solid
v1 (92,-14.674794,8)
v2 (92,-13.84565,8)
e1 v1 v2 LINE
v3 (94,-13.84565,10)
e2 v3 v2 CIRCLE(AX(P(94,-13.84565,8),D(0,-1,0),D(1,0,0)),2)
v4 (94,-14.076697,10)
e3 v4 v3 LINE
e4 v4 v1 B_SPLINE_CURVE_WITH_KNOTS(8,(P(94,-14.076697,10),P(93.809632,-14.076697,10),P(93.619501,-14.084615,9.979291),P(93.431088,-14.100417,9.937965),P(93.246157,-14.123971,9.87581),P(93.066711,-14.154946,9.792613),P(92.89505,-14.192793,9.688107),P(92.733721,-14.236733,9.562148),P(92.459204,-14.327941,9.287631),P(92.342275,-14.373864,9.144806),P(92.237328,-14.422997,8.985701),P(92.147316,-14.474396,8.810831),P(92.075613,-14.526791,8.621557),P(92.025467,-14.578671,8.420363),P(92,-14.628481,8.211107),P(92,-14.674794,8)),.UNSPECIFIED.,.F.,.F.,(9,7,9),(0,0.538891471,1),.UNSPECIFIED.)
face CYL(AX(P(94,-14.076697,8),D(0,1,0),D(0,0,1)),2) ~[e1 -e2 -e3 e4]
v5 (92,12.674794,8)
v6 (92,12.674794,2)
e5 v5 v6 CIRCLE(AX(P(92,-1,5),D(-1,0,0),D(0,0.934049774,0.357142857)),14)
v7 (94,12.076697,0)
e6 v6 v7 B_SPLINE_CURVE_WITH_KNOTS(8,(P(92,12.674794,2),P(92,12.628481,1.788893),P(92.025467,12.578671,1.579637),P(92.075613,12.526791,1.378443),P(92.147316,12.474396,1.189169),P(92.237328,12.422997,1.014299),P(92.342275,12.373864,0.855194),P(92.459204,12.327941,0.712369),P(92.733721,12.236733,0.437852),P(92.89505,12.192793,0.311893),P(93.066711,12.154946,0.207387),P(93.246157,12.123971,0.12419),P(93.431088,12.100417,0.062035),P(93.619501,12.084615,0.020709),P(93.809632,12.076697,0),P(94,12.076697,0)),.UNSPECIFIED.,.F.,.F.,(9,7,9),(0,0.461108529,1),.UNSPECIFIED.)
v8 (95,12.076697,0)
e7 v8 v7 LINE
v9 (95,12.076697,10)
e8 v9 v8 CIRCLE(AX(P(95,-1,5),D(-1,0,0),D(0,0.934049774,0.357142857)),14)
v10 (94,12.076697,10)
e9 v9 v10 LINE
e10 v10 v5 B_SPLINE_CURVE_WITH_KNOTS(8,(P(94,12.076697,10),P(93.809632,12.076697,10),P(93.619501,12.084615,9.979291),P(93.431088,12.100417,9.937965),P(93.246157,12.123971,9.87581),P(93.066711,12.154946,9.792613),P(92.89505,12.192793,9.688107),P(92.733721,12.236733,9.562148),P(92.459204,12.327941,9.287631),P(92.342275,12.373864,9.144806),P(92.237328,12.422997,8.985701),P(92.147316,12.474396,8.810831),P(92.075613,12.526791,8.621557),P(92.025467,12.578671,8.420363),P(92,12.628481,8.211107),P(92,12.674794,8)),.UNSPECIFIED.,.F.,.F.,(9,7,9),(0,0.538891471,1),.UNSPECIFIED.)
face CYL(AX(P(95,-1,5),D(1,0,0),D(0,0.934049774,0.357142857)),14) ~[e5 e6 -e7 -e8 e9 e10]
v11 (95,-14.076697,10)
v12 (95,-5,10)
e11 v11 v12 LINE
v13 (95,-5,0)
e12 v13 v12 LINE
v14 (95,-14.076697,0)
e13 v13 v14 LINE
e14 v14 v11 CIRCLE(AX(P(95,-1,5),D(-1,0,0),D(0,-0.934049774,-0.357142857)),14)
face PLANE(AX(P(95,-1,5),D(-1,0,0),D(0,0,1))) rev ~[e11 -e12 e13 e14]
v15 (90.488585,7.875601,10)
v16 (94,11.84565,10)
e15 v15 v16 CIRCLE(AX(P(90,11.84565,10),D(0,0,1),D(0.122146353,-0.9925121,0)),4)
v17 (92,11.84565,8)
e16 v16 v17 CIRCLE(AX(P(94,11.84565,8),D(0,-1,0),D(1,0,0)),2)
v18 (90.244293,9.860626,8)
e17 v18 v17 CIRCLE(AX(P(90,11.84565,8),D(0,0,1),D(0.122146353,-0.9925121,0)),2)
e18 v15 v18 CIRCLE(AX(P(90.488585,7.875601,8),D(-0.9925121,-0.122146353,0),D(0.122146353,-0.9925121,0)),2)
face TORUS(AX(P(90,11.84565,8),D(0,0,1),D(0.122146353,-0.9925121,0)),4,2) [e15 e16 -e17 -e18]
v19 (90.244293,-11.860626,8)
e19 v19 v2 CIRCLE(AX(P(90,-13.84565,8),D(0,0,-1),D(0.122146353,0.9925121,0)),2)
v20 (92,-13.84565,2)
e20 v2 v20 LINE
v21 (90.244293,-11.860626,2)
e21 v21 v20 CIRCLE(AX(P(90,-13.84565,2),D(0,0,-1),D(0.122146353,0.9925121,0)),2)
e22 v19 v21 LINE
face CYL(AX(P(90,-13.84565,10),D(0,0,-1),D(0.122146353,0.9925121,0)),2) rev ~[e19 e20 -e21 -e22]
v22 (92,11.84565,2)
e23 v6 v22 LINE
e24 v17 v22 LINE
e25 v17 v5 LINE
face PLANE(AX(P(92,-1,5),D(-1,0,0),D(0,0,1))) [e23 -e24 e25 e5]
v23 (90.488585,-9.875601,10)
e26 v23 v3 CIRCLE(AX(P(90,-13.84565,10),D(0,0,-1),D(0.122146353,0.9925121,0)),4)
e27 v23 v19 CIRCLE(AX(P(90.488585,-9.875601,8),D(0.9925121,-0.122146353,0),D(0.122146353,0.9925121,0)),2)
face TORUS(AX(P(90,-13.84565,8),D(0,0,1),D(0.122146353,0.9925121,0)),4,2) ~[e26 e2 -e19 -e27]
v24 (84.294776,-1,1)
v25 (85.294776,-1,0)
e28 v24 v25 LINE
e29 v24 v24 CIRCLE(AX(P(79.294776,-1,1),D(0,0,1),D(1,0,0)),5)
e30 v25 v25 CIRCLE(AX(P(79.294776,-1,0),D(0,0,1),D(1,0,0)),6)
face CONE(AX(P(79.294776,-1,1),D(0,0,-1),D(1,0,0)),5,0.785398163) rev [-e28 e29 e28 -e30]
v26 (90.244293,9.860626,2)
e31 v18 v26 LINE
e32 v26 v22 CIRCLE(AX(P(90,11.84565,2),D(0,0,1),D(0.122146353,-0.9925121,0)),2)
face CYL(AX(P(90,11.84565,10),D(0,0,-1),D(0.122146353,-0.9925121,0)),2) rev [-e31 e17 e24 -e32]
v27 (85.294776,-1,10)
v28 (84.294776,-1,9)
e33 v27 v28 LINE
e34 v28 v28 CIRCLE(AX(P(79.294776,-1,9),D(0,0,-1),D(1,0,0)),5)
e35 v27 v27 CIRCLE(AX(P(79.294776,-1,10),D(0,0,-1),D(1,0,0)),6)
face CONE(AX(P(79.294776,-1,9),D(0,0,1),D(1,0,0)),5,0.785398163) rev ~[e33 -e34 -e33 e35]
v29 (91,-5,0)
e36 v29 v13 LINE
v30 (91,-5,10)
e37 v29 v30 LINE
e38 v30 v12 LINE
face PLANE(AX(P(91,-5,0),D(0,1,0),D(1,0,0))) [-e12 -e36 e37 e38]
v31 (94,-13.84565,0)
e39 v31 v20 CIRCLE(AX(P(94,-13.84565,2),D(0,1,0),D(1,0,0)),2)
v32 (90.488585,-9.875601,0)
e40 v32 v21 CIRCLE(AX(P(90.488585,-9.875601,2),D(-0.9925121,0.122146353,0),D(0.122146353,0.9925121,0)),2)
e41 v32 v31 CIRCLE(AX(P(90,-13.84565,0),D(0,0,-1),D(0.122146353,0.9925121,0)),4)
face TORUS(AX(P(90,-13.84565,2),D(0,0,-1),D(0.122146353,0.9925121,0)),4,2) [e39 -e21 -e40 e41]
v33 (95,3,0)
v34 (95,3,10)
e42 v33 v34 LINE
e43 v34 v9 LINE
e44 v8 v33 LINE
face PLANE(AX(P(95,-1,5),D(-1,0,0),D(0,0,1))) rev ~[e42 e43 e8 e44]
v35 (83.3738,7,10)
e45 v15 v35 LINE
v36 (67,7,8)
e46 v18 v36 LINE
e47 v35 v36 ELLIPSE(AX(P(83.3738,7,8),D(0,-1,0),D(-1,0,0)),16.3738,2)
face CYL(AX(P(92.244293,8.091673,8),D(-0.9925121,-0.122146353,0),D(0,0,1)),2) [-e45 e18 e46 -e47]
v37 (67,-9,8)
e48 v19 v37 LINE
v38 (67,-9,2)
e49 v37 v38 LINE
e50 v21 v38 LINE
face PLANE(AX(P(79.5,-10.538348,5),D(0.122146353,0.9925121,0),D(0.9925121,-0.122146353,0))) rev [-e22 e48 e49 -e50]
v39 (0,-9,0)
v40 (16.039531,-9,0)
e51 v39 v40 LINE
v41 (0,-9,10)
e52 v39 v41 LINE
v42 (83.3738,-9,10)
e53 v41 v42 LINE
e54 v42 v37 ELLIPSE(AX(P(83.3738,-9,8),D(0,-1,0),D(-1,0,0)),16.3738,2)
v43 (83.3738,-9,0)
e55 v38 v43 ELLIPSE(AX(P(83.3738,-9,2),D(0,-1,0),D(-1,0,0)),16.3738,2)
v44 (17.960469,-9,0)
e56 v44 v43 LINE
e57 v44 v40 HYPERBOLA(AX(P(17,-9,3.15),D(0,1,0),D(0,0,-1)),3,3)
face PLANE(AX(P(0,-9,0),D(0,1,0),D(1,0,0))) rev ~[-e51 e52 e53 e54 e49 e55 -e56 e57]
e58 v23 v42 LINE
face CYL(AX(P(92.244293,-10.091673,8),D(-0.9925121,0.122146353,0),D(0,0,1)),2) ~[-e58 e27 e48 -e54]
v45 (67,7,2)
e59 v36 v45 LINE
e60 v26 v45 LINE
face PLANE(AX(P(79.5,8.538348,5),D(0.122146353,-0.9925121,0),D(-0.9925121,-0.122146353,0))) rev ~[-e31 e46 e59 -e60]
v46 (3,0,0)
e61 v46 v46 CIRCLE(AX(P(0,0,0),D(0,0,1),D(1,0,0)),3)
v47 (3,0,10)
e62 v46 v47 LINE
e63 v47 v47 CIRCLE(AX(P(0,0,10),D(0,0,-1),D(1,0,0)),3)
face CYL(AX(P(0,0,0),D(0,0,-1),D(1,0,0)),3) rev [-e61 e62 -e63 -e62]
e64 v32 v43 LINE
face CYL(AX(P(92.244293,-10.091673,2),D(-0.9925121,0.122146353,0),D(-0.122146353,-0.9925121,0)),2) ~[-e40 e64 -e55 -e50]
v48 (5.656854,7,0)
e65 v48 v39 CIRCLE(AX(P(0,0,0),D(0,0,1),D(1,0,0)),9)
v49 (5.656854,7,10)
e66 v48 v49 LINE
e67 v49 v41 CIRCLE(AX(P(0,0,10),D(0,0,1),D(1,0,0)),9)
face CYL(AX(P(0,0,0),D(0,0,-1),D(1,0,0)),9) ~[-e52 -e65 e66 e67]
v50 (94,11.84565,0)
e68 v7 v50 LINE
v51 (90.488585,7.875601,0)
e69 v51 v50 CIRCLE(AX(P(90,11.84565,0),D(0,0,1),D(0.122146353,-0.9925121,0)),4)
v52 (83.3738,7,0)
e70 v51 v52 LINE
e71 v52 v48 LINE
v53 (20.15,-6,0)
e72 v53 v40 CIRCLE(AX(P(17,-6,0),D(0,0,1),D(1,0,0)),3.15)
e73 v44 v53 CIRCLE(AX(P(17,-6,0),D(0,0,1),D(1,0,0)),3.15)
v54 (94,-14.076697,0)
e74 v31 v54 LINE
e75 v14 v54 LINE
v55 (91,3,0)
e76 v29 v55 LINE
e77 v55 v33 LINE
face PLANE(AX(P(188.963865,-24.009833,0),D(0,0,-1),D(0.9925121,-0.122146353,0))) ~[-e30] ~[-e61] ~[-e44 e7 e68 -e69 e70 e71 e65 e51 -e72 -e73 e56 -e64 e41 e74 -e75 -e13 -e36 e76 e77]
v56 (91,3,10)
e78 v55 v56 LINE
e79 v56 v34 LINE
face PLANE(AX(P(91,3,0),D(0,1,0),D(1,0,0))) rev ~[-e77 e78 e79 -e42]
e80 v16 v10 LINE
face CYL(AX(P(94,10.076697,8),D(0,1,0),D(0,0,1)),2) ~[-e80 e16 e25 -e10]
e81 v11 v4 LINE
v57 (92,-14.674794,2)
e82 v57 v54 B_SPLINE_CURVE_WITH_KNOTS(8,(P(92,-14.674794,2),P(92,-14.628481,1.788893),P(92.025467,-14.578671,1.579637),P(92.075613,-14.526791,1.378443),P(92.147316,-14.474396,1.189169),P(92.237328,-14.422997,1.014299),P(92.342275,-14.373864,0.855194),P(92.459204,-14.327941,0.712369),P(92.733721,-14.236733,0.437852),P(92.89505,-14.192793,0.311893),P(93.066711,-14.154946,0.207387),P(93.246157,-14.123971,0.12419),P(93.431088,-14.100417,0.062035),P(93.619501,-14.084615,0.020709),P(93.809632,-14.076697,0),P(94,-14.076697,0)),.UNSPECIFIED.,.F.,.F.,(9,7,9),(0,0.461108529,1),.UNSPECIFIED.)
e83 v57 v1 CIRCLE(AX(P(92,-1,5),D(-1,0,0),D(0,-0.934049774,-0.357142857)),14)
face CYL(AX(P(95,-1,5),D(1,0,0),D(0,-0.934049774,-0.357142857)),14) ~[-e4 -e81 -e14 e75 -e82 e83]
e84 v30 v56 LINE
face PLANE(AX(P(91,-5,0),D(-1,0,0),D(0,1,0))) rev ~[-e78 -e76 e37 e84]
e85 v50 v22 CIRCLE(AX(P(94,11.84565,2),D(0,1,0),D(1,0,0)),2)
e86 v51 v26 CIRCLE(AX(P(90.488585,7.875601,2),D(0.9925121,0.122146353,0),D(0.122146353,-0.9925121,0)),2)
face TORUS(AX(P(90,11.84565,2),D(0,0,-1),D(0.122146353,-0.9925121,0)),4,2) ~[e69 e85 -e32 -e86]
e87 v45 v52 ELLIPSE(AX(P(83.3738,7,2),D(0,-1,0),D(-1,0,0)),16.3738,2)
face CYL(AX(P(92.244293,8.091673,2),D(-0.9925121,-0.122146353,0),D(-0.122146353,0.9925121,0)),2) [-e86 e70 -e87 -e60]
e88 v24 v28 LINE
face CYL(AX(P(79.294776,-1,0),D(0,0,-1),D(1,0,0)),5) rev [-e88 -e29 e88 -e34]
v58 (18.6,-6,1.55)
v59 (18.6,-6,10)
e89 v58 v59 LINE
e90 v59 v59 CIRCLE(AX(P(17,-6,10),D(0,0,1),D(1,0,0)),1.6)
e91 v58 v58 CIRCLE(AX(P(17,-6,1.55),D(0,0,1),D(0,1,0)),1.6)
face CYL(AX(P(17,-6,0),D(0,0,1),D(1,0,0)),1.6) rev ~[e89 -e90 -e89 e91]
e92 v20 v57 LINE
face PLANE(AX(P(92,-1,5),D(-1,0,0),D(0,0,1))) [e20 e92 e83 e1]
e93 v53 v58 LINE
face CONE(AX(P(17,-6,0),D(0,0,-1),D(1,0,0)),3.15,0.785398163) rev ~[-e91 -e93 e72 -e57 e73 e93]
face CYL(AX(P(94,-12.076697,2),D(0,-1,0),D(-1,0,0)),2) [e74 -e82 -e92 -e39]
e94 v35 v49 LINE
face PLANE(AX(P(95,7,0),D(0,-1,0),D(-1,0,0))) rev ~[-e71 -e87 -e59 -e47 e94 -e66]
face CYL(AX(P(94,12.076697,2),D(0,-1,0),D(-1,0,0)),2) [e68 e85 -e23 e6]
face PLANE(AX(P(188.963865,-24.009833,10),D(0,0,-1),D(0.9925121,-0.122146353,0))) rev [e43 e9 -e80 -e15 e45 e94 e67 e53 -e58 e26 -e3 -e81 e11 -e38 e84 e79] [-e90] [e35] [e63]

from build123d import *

# Parameters (mm, degrees)
SKETCH1_R                                       = 9
BOSS_EXTRUDE1_DEPTH                             = 10
SKETCH2_R                                       = 3
CUT_EXTRUDE1_DEPTH                              = 96.94790253
BOSS_EXTRUDE2_DEPTH                             = 3
SKETCH3_W                                       = 4
SKETCH3_H                                       = 8
CUT_EXTRUDE2_DEPTH                              = 97.695398029
RIB4_REACH                                      = 98.695
SKETCH5_WALL_W                                  = 220.579405852
SKETCH5_WALL_H                                  = 10
FILLET1_R                                       = 2
FILLET1_OF_MIRROR1_R                            = 2
SKETCH7_R                                       = 5
CUT_EXTRUDE3_DEPTH                              = 97.695398153
CHAMFER1_SIZE                                   = 1
CSK_FOR_M3_FLAT_HEAD_MACHINE_SCREW1_D           = 3.2
CSK_FOR_M3_FLAT_HEAD_MACHINE_SCREW1_CSINK_D     = 6.3
CSK_FOR_M3_FLAT_HEAD_MACHINE_SCREW1_CSINK_ANGLE = 90


with BuildPart() as part:
    # Sketch1 → Boss-Extrude1 (new body)
    with BuildSketch(Plane.XY):
        Circle(SKETCH1_R)
        with BuildLine():
            ThreePointArc((9, 0), (6.363961031, -6.363961031), (0, -9))
            Line((0, -9), (95, -9))
            Line((95, -9), (95, 7))
            Line((95, 7), (5.656854249, 7))
            ThreePointArc((5.656854249, 7), (8.121320344, 3.878679656), (9, 0))
        make_face()
    extrude(amount=BOSS_EXTRUDE1_DEPTH)

    # Sketch2 → Cut-Extrude1 (cut, through all)
    with BuildSketch(Plane.XY):
        Circle(SKETCH2_R)
    extrude(amount=CUT_EXTRUDE1_DEPTH, mode=Mode.SUBTRACT)

    # Sketch4 → Boss-Extrude2 (add)
    with BuildSketch(Plane(origin=(95, 0, 0), x_dir=(0, 0, -1), z_dir=(1, 0, 0))):
        with BuildLine():
            ThreePointArc((0, -14.076696831), (-5, -15), (-10, -14.076696831))
            Line((-10, -14.076696831), (-10, 12.076696831))
            ThreePointArc((-10, 12.076696831), (-5, 13), (0, 12.076696831))
            Line((0, 12.076696831), (0, -14.076696831))
        make_face()
    extrude(amount=-BOSS_EXTRUDE2_DEPTH)

    # Sketch3 → Cut-Extrude2 (cut, through all)
    with BuildSketch(Plane.XY):
        with Locations((93, -1)):
            Rectangle(SKETCH3_W, SKETCH3_H)
    extrude(amount=CUT_EXTRUDE2_DEPTH, mode=Mode.SUBTRACT)

    # Sketch5 wall → Rib4 (add, up to next)
    with BuildSketch(Plane(origin=(79.5, 8.538348415, 10), x_dir=(-0.992512099864, -0.122146353295, 0), z_dir=(0.122146353295, -0.992512099864, 0)), mode=Mode.PRIVATE) as rib4_sk1:
        with Locations((0, 5)):
            Rectangle(SKETCH5_WALL_W, SKETCH5_WALL_H)
    rib4_tool1 = extrude(rib4_sk1.sketch, amount=RIB4_REACH, mode=Mode.PRIVATE) - part.part
    rib4 = rib4_tool1.solids().sort_by_distance((79.5, 8.538348415, 10))[0]
    add(rib4)

    # Fillet1
    fillet1_edges = [part.edges().sort_by_distance(p)[0] for p in [
        (92, 11.076696831, 0),
        (92, 11.076696831, 10),
        (92, 10.07669683, 5),
        (79.500000002, 8.538348415, 0),
        (79.500000002, 8.538348415, 10),
    ]]
    fillet(fillet1_edges, radius=FILLET1_R)

    # Mirror1: Rib4 across plane
    add(rib4.mirror(Plane.ZX.offset(-1)))

    # Fillet1 of Mirror1
    fillet1_of_mirror1_edges = [part.edges().sort_by_distance(p)[0] for p in [
        (92, -13.076696831, 0),
        (92, -13.076696831, 10),
        (92, -12.07669683, 5),
        (79.500000002, -10.538348415, 0),
        (79.500000002, -10.538348415, 10),
    ]]
    fillet(fillet1_of_mirror1_edges, radius=FILLET1_OF_MIRROR1_R)

    # Sketch7 → Cut-Extrude3 (cut, through all)
    with BuildSketch(Plane.XY):
        with Locations((79.294775575, -1)):
            Circle(SKETCH7_R)
    extrude(amount=CUT_EXTRUDE3_DEPTH, mode=Mode.SUBTRACT)

    # Chamfer1
    chamfer1_edges = [part.edges().sort_by_distance(p)[0] for p in [
        (74.294775575, -1, 0),
        (74.294775575, -1, 10),
    ]]
    chamfer(chamfer1_edges, length=CHAMFER1_SIZE)

    # CSK for M3 Flat Head Machine Screw1 (through all)
    with Locations(Plane(origin=(0, 0, 0), x_dir=(-1, 0, 0), z_dir=(0, 0, -1))):
        with Locations((-17, -6)):
            CounterSinkHole(CSK_FOR_M3_FLAT_HEAD_MACHINE_SCREW1_D / 2, CSK_FOR_M3_FLAT_HEAD_MACHINE_SCREW1_CSINK_D / 2, counter_sink_angle=CSK_FOR_M3_FLAT_HEAD_MACHINE_SCREW1_CSINK_ANGLE)


solid = part.part
